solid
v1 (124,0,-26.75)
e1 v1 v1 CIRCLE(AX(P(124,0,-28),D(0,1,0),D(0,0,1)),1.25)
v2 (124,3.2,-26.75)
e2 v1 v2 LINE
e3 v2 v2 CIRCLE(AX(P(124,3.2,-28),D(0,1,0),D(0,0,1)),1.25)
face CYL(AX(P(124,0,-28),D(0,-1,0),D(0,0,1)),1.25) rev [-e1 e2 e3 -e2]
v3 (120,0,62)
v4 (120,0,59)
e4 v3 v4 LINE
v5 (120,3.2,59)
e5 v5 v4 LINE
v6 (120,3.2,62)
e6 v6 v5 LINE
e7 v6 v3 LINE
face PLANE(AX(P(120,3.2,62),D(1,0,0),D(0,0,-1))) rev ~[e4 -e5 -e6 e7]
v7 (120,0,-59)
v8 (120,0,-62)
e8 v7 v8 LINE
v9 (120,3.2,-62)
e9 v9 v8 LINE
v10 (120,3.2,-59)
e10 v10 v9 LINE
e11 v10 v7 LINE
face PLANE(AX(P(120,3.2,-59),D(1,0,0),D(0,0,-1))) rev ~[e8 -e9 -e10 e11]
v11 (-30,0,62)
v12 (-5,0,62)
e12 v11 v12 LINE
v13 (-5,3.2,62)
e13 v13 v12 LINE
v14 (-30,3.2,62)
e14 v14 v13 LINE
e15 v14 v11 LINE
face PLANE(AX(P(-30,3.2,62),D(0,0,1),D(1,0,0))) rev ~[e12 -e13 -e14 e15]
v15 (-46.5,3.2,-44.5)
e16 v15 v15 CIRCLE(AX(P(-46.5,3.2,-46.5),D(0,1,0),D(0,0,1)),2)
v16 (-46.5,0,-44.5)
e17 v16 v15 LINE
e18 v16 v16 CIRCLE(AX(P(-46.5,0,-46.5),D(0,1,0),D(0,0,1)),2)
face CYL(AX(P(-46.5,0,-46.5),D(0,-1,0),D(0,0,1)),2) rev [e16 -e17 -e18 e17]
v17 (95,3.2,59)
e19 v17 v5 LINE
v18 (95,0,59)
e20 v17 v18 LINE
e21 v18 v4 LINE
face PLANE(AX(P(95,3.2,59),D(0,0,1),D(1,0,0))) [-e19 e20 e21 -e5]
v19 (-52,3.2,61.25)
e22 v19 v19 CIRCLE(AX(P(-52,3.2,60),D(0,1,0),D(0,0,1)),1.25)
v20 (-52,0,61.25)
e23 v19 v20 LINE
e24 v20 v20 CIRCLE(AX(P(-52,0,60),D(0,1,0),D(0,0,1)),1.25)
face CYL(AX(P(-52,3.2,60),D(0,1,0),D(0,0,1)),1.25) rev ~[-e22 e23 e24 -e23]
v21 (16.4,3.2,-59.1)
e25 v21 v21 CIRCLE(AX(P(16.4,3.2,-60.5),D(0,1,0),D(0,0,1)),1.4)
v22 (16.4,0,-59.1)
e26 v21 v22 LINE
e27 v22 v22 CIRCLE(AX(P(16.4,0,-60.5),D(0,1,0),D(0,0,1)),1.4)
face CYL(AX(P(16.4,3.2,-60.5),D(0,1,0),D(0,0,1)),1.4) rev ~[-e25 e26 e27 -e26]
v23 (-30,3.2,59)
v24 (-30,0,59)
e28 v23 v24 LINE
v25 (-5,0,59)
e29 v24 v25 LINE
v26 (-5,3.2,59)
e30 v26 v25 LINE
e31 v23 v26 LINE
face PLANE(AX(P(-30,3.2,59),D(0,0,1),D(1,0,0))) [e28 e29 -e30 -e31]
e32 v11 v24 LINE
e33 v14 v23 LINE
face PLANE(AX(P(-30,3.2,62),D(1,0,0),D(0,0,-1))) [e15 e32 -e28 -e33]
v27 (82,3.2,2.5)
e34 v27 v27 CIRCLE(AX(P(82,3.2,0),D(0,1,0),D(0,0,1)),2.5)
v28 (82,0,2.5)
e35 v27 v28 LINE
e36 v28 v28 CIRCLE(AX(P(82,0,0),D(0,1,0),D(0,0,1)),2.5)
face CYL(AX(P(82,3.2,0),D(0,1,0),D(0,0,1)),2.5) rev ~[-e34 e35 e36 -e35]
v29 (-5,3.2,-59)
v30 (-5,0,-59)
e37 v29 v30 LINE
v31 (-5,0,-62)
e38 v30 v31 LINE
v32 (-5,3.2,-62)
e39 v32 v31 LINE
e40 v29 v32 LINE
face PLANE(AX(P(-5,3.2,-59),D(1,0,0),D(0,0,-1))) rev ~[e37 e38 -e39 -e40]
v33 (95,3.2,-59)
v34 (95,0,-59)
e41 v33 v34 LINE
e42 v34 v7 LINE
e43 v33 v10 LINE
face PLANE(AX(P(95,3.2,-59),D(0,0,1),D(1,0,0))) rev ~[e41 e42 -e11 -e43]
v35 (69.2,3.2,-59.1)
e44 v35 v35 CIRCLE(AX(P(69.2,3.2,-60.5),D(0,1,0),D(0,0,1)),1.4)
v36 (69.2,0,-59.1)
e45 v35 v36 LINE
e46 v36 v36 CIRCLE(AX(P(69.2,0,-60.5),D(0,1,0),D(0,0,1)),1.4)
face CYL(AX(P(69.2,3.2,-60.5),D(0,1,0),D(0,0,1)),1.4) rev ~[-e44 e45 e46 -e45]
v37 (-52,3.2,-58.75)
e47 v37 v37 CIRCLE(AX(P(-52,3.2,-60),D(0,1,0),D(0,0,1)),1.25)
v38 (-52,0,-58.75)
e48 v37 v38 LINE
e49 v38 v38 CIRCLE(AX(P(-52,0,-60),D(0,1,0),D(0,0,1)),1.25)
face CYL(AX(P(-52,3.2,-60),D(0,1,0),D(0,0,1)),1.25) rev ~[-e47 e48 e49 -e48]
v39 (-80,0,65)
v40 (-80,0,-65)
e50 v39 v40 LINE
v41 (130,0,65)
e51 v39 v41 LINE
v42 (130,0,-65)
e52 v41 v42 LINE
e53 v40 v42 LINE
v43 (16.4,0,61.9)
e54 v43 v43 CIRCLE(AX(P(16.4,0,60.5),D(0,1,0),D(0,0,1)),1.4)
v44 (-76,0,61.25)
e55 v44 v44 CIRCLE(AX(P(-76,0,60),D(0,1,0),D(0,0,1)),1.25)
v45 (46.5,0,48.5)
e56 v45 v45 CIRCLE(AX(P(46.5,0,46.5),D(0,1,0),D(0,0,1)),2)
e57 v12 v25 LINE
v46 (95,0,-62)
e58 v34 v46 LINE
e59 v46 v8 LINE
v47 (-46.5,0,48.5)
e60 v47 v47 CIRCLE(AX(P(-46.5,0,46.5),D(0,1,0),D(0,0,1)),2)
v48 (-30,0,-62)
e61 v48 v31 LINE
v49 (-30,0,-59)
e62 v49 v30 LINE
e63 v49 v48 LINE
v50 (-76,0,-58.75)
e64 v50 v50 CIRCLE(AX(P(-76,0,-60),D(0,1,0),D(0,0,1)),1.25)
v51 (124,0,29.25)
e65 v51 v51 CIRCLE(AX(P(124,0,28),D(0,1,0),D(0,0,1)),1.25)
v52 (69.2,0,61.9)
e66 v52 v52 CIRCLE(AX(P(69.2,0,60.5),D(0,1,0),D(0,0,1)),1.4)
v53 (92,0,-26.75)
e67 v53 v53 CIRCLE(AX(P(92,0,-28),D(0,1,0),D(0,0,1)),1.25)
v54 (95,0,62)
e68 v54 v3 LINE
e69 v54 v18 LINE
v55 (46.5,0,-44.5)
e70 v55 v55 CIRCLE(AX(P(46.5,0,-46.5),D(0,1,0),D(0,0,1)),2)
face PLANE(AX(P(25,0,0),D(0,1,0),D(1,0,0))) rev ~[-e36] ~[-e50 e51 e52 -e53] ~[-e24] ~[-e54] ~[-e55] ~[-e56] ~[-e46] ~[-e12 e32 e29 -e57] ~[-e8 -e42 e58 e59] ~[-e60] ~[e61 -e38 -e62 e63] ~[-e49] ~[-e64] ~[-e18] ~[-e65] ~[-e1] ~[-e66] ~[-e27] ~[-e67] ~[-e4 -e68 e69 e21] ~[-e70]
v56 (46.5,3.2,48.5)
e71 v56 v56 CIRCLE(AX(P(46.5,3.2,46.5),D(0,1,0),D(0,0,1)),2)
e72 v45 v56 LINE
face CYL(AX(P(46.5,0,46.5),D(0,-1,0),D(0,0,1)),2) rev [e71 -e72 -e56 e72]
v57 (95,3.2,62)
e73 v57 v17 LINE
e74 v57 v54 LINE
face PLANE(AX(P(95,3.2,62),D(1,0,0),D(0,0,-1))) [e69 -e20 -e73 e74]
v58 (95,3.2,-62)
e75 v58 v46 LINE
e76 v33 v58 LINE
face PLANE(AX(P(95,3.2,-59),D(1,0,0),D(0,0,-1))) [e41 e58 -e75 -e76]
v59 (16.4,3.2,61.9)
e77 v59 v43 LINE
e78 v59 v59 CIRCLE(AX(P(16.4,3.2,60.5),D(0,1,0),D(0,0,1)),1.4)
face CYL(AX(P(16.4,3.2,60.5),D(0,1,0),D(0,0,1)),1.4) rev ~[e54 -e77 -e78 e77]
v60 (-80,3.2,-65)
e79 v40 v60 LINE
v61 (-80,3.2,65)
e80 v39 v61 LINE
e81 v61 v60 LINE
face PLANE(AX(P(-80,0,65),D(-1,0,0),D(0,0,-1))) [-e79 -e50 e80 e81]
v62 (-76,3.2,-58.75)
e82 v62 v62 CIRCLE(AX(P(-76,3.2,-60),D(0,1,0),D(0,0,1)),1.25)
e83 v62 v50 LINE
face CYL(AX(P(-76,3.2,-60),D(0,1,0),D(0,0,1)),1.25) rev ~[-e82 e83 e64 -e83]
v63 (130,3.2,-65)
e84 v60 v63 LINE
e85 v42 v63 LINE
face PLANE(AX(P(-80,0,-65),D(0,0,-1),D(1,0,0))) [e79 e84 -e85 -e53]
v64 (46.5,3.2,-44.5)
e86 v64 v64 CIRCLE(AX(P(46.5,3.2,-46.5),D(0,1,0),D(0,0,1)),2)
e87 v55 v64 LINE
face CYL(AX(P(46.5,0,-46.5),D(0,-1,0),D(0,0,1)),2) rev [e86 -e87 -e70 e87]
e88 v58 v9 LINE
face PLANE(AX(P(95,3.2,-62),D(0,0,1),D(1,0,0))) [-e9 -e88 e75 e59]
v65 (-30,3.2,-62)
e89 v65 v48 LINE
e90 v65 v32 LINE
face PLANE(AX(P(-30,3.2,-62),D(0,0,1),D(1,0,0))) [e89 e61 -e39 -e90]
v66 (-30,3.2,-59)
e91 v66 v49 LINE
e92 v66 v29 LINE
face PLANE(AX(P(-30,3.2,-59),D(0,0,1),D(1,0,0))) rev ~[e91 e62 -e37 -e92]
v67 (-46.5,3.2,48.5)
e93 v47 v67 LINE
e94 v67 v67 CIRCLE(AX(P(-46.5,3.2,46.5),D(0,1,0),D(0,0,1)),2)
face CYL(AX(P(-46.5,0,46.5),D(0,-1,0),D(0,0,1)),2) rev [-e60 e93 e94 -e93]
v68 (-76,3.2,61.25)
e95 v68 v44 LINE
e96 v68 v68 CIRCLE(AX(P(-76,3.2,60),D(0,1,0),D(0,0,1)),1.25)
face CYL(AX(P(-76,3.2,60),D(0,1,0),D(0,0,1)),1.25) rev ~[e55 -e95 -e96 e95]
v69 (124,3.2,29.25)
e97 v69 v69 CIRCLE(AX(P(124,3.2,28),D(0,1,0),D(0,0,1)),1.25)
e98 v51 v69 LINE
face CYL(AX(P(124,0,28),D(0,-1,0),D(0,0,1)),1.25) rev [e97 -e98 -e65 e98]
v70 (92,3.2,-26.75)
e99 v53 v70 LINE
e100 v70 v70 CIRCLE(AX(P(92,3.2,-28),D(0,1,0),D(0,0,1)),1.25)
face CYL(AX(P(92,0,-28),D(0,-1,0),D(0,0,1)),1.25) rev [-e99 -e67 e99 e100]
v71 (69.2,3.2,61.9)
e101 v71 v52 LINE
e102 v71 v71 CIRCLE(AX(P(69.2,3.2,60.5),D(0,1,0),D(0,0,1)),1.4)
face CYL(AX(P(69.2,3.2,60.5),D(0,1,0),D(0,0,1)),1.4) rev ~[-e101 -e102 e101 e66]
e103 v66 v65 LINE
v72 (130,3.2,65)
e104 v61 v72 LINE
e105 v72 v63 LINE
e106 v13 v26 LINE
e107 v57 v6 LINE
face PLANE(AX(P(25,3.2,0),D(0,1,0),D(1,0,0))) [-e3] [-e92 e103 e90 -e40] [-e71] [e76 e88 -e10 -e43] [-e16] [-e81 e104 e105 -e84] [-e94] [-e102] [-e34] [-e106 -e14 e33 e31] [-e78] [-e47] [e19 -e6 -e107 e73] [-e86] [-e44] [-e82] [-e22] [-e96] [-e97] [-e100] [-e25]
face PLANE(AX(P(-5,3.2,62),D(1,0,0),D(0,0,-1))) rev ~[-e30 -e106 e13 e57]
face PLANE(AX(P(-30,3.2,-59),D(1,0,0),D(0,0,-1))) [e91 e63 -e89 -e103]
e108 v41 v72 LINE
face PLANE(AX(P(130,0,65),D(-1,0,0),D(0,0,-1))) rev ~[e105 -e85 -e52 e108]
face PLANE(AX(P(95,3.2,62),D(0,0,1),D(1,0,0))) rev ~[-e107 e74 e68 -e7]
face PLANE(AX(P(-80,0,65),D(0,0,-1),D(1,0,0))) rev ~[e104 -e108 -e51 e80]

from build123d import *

# Parameters (mm, degrees)
SKETCH2_W         = 210
SKETCH2_H         = 130
SKETCH2_R         = 2
SKETCH2_R_2       = 1.25
MAIN_DEPTH        = 3.2
SKETCH3_R         = 1.25
MOTOR_MOUNT_DEPTH = 3.2
SKETCH4_R         = 1.4
SKETCH4_W         = 25
SKETCH4_H         = 3
SIDE_HOLES_DEPTH  = 3.2
SKETCH5_R         = 2.5
BACK_WHEEL_DEPTH  = 3.2


with BuildPart() as part:
    # Sketch2 → main (new body)
    with BuildSketch(Plane(origin=(0, 0, 0), x_dir=(1, 0, 0), z_dir=(0, 1, 0))):
        with Locations((25, 0)):
            Rectangle(SKETCH2_W, SKETCH2_H)
        with Locations(Location((-46.5, 46.5, 0), (0, 0, 270))):
            Circle(SKETCH2_R, mode=Mode.SUBTRACT)
        with Locations(Location((46.5, 46.5, 0), (0, 0, 270))):
            Circle(SKETCH2_R, mode=Mode.SUBTRACT)
        with Locations(Location((-46.5, -46.5, 0), (0, 0, 270))):
            Circle(SKETCH2_R, mode=Mode.SUBTRACT)
        with Locations(Location((46.5, -46.5, 0), (0, 0, 270))):
            Circle(SKETCH2_R, mode=Mode.SUBTRACT)
        with Locations(Location((92, 28, 0), (0, 0, 270))):
            Circle(SKETCH2_R_2, mode=Mode.SUBTRACT)
        with Locations(Location((124, 28, 0), (0, 0, 270))):
            Circle(SKETCH2_R_2, mode=Mode.SUBTRACT)
        with Locations(Location((124, -28, 0), (0, 0, 270))):
            Circle(SKETCH2_R_2, mode=Mode.SUBTRACT)
    extrude(amount=MAIN_DEPTH)

    # Sketch3 → motor mount (cut)
    with BuildSketch(Plane(origin=(0, 3.2, 0), x_dir=(1, 0, 0), z_dir=(0, 1, 0))):
        with Locations(Location((-76, -60, 0), (0, 0, 270))):
            Circle(SKETCH3_R)
        with Locations(Location((-52, -60, 0), (0, 0, 270))):
            Circle(SKETCH3_R)
        with Locations(Location((-52, 60, 0), (0, 0, 270))):
            Circle(SKETCH3_R)
        with Locations(Location((-76, 60, 0), (0, 0, 270))):
            Circle(SKETCH3_R)
    extrude(amount=-MOTOR_MOUNT_DEPTH, mode=Mode.SUBTRACT)

    # Sketch4 → side holes (cut)
    with BuildSketch(Plane(origin=(0, 3.2, 0), x_dir=(1, 0, 0), z_dir=(0, 1, 0))):
        with Locations(Location((16.4, -60.5, 0), (0, 0, 270))):
            Circle(SKETCH4_R)
        with Locations(Location((69.2, -60.5, 0), (0, 0, 270))):
            Circle(SKETCH4_R)
        with Locations(Location((69.2, 60.5, 0), (0, 0, 270))):
            Circle(SKETCH4_R)
        with Locations(Location((16.4, 60.5, 0), (0, 0, 270))):
            Circle(SKETCH4_R)
        with Locations((-17.5, -60.5)):
            Rectangle(SKETCH4_W, SKETCH4_H)
        with Locations((107.5, -60.5)):
            Rectangle(SKETCH4_W, SKETCH4_H)
        with Locations((107.5, 60.5)):
            Rectangle(SKETCH4_W, SKETCH4_H)
        with Locations((-17.5, 60.5)):
            Rectangle(SKETCH4_W, SKETCH4_H)
    extrude(amount=-SIDE_HOLES_DEPTH, mode=Mode.SUBTRACT)

    # Sketch5 → back wheel (cut)
    with BuildSketch(Plane(origin=(0, 3.2, 0), x_dir=(1, 0, 0), z_dir=(0, 1, 0))):
        with Locations(Location((82, 0, 0), (0, 0, 270))):
            Circle(SKETCH5_R)
    extrude(amount=-BACK_WHEEL_DEPTH, mode=Mode.SUBTRACT)


solid = part.part
